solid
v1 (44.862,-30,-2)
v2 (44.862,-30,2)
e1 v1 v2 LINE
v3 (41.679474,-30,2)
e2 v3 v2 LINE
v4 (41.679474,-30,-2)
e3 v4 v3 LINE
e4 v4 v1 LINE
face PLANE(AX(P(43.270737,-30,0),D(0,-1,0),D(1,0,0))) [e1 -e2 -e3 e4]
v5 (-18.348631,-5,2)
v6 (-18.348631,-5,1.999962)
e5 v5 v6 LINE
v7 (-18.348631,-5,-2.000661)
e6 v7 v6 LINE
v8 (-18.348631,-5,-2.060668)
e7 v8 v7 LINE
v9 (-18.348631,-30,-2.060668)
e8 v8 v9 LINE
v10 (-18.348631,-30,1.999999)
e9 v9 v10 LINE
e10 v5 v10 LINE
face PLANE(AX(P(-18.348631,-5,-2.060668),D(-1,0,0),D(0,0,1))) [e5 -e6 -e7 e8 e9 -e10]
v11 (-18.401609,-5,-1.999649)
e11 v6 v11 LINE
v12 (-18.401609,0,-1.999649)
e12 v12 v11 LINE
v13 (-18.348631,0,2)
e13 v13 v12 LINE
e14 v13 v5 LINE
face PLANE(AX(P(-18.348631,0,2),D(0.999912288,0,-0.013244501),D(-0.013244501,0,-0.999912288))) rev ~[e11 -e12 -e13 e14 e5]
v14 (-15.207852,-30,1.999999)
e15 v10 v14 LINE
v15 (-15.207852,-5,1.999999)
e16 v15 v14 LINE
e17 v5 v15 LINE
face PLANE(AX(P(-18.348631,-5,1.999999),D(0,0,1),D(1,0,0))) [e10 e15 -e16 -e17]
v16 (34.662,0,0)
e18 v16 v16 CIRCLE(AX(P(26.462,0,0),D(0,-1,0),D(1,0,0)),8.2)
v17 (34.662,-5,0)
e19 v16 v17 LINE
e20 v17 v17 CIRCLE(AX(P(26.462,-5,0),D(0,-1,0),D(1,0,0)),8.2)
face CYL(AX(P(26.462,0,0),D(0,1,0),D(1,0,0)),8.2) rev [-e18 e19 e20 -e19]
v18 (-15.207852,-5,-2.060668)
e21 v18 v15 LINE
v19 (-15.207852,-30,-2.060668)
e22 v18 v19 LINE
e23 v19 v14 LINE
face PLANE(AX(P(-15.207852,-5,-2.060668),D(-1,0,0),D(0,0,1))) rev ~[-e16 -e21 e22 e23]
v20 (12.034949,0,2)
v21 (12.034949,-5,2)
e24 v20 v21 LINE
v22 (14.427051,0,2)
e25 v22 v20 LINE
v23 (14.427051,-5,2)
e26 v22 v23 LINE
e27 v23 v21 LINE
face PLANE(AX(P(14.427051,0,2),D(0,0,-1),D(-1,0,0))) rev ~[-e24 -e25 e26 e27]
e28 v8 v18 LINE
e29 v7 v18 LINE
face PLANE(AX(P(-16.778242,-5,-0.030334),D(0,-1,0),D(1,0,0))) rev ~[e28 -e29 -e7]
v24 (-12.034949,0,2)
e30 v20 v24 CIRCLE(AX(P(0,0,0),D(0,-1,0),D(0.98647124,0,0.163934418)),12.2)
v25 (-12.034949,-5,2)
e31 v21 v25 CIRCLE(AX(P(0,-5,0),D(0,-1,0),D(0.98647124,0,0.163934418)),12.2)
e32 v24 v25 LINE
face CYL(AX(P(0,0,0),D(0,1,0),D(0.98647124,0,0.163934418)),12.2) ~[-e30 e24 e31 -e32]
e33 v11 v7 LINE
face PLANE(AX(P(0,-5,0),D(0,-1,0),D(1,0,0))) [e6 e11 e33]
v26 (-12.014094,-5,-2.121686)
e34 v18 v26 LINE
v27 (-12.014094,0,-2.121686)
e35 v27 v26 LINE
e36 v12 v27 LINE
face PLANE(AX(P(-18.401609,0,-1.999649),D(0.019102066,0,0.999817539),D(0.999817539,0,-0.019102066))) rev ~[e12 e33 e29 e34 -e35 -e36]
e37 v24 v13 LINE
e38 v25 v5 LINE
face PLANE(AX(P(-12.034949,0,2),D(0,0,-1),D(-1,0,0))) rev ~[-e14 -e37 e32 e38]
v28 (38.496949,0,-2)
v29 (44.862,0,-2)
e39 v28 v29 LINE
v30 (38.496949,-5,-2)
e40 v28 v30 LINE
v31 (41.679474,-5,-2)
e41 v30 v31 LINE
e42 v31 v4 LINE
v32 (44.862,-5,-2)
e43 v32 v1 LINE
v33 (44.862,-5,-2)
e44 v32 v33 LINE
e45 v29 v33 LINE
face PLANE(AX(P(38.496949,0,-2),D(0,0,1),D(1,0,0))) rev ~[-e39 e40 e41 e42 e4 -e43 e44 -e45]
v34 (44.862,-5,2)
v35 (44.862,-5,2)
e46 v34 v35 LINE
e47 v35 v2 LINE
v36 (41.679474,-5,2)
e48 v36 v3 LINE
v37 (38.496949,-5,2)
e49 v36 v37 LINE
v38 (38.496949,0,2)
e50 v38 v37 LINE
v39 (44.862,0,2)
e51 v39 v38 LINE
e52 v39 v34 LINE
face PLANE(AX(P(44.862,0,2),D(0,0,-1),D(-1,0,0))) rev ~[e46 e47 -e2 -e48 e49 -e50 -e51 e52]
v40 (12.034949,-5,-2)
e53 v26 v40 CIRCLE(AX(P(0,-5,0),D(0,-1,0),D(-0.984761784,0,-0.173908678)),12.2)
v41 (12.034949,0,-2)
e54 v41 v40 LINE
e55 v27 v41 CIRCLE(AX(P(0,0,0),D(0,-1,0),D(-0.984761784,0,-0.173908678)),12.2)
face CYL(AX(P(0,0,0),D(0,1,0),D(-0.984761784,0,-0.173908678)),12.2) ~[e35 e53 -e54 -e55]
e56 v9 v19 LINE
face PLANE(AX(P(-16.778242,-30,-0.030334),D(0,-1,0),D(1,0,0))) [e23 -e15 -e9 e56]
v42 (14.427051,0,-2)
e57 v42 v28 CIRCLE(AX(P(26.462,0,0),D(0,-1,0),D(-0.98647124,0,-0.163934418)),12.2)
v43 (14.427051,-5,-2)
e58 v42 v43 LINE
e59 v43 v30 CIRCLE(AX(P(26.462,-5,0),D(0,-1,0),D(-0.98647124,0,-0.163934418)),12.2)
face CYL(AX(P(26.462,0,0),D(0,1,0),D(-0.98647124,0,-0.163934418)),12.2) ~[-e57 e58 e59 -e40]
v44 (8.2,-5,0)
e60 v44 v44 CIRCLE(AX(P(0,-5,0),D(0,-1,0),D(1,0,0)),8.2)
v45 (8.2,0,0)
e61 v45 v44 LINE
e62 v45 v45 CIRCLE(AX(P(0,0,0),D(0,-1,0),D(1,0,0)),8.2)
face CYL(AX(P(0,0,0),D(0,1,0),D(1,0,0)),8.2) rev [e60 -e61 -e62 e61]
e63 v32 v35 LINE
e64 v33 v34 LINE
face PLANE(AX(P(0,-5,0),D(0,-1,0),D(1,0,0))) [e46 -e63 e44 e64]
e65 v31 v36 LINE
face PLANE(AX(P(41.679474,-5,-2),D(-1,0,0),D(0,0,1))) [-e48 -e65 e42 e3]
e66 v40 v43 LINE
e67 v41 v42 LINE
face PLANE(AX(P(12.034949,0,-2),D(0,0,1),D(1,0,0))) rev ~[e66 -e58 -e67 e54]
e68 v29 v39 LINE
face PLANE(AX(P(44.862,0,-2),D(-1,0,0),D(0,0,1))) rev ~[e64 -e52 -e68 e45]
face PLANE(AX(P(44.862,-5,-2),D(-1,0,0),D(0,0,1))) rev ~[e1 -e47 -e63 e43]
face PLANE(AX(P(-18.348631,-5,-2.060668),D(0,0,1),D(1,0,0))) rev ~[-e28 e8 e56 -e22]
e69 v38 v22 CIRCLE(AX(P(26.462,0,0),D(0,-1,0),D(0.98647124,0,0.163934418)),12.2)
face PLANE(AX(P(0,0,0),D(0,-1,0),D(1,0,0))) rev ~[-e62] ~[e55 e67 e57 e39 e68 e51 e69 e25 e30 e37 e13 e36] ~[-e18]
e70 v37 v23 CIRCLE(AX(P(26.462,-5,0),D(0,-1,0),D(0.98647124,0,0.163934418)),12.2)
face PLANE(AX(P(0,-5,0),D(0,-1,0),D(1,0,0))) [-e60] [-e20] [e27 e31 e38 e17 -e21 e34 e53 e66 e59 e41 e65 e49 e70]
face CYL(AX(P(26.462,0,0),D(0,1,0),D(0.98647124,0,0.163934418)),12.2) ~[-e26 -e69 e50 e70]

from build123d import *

# Parameters (mm, degrees)
F0_R     = 8.2
F1_DEPTH = 5
F2_W     = 3.140779
F2_H     = 4.060667
F2_W_2   = 3.182525
F2_H_2   = 4
F3_DEPTH = 25


with BuildPart() as f1:
    # F0 (on Front) → F1 (new body)
    with BuildSketch(Plane.XZ):
        Circle(F0_R)
        with BuildLine():
            Line((-18.401609, -1.999649), (-12.014094, -2.121686))
            ThreePointArc((-12.014094, -2.121686), (0.06173, -12.199844), (12.034949, -2))
            Line((12.034949, -2), (14.427051, -2))
            ThreePointArc((14.427051, -2), (26.462, -12.2), (38.496949, -2))
            Line((38.496949, -2), (44.862, -2))
            Line((44.862, -2), (44.862, 2))
            Line((44.862, 2), (38.496949, 2))
            ThreePointArc((38.496949, 2), (26.462, 12.2), (14.427051, 2))
            Line((14.427051, 2), (12.034949, 2))
            ThreePointArc((12.034949, 2), (0, 12.2), (-12.034949, 2))
            Line((-12.034949, 2), (-18.348631, 2))
            Line((-18.348631, 2), (-18.401609, -1.999649))
        make_face()
        Circle(F0_R, mode=Mode.SUBTRACT)
        with Locations((26.462, 0)):
            Circle(F0_R, mode=Mode.SUBTRACT)
    extrude(amount=F1_DEPTH)

    # F2 (on face) → F3 (join)
    with BuildSketch(Plane.XZ.offset(5)):
        with Locations((-16.778242, -0.030334)):
            Rectangle(F2_W, F2_H)
        with Locations((43.270737, 0)):
            Rectangle(F2_W_2, F2_H_2)
    extrude(amount=F3_DEPTH)


solid = f1.part
